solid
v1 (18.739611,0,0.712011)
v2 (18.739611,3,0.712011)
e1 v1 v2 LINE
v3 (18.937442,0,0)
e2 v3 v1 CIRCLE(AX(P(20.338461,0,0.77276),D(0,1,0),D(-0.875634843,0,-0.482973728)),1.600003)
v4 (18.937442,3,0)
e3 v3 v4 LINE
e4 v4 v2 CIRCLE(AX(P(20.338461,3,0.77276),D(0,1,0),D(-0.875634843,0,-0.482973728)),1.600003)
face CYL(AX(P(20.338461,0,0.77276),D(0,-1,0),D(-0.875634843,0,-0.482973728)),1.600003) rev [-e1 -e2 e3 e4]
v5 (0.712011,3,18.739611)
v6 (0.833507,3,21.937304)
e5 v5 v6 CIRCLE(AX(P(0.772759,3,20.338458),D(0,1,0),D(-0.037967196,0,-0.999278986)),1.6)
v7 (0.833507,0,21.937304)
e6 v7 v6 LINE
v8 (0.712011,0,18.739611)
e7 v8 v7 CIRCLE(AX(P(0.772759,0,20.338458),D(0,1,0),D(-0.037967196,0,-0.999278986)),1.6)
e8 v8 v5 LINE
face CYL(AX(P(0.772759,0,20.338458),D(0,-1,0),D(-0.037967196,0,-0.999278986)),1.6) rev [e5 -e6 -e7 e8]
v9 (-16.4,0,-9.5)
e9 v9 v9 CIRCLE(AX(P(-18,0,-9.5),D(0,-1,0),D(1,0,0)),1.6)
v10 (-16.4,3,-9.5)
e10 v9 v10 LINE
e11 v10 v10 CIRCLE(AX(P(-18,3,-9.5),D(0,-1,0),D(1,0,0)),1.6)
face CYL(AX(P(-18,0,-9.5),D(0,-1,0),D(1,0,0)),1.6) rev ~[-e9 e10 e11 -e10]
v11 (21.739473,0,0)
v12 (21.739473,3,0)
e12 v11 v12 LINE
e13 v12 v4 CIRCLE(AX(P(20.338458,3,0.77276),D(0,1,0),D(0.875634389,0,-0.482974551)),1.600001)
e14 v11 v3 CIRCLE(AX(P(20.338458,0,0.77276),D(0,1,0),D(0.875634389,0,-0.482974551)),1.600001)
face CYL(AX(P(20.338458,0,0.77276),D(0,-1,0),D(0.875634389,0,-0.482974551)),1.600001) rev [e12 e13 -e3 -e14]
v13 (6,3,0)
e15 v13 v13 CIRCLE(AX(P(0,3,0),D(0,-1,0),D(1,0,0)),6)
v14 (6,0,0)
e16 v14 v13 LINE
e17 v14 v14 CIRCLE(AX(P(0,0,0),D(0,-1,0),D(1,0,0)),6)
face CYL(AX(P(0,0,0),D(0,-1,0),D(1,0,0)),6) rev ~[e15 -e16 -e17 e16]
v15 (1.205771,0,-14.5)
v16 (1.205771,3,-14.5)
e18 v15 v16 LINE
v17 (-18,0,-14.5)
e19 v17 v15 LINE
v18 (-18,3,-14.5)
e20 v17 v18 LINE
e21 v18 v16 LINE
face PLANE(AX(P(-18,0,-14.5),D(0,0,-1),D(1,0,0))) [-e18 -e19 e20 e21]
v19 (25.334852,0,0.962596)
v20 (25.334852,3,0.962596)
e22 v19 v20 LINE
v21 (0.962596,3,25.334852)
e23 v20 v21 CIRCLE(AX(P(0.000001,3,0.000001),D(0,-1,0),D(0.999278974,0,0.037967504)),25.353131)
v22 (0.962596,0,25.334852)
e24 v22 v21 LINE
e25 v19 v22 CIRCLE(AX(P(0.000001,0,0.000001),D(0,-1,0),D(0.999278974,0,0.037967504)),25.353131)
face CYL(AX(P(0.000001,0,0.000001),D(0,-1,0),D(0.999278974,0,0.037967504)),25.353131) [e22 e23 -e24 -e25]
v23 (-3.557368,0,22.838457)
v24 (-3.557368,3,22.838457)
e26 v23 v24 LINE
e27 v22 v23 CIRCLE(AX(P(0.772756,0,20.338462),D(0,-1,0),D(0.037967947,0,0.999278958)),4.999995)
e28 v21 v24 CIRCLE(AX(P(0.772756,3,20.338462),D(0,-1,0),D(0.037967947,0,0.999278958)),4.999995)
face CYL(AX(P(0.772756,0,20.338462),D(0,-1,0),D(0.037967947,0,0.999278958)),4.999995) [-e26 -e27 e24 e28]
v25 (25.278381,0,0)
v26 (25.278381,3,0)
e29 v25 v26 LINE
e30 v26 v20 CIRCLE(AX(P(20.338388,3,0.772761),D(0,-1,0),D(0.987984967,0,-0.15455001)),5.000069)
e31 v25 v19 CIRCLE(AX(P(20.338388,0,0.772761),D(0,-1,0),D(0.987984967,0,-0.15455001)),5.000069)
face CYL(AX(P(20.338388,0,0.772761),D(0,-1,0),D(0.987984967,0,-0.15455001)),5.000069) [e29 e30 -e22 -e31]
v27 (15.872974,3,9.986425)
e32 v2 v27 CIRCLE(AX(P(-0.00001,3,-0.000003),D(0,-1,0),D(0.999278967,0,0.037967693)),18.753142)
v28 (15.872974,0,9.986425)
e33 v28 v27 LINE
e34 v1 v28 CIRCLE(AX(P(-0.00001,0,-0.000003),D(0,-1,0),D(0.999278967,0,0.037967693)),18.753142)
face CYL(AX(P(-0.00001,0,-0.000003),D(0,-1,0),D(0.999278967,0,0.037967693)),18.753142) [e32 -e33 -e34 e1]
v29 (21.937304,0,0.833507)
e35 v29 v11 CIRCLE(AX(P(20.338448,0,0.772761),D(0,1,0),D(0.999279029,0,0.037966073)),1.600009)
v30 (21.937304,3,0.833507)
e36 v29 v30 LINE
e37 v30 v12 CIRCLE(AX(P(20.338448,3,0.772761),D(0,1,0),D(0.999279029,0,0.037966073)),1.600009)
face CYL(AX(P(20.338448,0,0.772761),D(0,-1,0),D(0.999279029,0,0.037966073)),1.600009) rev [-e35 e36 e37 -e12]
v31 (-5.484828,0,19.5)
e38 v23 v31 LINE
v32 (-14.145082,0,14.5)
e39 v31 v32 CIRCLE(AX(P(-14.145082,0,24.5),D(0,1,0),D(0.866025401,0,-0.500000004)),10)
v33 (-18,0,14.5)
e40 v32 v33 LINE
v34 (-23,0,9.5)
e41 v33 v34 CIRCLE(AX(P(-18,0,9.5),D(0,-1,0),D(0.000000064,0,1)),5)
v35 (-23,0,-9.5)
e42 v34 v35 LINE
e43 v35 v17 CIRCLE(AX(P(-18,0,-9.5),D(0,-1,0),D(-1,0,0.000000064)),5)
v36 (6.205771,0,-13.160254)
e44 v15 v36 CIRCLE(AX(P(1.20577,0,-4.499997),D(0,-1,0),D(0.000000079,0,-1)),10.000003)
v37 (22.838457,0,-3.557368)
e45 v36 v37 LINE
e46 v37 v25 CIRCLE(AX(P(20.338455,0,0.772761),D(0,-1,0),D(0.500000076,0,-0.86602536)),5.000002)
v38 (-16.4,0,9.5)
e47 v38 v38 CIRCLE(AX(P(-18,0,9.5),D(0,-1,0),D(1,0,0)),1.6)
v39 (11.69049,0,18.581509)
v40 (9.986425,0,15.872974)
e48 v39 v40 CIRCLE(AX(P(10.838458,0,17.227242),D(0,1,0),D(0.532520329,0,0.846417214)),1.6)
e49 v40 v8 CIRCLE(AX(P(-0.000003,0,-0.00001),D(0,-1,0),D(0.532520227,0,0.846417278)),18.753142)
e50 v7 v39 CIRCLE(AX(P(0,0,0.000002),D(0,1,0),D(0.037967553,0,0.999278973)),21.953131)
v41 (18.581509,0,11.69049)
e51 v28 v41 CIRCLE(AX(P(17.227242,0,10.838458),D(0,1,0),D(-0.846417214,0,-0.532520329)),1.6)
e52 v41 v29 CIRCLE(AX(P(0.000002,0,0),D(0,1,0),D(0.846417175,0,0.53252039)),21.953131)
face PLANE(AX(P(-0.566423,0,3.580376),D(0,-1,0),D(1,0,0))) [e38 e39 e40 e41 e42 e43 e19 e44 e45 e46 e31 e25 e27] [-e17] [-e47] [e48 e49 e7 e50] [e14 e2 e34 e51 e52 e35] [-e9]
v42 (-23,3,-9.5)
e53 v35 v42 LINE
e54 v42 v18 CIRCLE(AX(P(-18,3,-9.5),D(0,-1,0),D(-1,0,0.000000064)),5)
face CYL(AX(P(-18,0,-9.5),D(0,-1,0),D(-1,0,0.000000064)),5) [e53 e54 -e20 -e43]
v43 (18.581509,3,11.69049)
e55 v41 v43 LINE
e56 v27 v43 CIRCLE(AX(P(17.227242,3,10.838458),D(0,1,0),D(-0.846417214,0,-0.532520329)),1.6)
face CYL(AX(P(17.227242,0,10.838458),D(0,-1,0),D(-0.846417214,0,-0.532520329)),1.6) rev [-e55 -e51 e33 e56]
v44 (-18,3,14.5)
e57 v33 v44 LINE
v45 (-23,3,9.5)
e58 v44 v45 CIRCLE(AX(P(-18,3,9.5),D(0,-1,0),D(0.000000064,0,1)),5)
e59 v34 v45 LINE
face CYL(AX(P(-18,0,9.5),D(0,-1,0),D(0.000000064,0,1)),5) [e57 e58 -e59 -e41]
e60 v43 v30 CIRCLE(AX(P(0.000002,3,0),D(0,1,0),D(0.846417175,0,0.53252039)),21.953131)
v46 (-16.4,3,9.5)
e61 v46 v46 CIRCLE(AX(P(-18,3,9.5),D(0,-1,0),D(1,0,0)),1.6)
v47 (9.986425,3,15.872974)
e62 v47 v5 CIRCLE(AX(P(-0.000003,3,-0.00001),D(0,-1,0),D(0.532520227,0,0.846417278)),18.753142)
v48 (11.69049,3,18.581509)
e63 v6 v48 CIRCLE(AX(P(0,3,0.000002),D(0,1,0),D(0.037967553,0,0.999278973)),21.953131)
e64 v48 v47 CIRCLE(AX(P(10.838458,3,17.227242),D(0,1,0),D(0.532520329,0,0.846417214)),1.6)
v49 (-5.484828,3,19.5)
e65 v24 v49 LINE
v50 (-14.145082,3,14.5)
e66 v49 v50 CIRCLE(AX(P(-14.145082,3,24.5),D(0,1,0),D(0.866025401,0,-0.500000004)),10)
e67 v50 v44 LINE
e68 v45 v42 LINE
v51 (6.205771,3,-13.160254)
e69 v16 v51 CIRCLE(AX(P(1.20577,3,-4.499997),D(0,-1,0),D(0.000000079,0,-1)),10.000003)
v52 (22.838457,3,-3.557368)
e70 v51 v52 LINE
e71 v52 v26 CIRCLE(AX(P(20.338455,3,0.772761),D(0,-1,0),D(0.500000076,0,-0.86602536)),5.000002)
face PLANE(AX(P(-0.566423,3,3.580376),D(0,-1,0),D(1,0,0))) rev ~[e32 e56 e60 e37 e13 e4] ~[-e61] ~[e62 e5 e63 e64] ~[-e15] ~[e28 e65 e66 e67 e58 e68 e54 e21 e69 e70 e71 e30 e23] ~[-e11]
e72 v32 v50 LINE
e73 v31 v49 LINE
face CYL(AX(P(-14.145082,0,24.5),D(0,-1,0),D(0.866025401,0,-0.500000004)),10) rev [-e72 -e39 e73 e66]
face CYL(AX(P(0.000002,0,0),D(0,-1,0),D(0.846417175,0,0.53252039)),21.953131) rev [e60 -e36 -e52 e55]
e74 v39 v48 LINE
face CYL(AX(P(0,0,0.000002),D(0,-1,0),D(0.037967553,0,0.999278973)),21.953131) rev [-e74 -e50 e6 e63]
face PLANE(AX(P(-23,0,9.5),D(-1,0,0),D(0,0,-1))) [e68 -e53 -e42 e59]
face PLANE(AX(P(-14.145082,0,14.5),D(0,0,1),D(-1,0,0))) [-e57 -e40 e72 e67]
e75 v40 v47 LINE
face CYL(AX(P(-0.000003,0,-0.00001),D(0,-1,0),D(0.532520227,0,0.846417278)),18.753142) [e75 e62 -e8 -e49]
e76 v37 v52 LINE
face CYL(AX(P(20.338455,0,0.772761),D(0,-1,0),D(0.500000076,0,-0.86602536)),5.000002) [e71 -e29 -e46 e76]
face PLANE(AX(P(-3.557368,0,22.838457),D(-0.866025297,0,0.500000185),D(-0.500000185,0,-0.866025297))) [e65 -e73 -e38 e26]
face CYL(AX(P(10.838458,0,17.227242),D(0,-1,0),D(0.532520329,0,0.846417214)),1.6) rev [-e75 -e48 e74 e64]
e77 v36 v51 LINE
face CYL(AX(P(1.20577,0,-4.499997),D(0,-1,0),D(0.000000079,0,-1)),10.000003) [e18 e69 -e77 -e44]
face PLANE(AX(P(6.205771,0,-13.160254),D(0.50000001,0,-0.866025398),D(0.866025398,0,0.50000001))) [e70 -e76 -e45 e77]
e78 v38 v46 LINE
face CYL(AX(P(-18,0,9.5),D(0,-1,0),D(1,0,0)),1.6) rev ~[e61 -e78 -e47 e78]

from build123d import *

# Parameters (mm, degrees)
F0_R     = 1.6
F0_R_2   = 6
F1_DEPTH = 3


with BuildPart() as f1:
    # F0 (on Front) → F1 (new body)
    with BuildSketch(Plane.XZ):
        with BuildLine():
            Line((-14.145082, 14.5), (-18, 14.5))
            ThreePointArc((-18, 14.5), (-21.535534, 13.035534), (-23, 9.5))
            Line((-23, 9.5), (-23, -9.5))
            ThreePointArc((-23, -9.5), (-21.535534, -13.035534), (-18, -14.5))
            Line((-18, -14.5), (1.205771, -14.5))
            ThreePointArc((1.205771, -14.5), (3.793962, -14.159258), (6.205771, -13.160254))
            Line((6.205771, -13.160254), (22.838457, -3.557368))
            ThreePointArc((22.838457, -3.557368), (24.461785, -2.055344), (25.278381, 0))
            ThreePointArc((25.278381, 0), (25.329875, 0.479934), (25.334852, 0.962596))
            ThreePointArc((25.334852, 0.962596), (17.927372, 17.927372), (0.962596, 25.334852))
            ThreePointArc((0.962596, 25.334852), (-1.644574, 24.715272), (-3.557368, 22.838457))
            Line((-3.557368, 22.838457), (-5.484828, 19.5))
            ThreePointArc((-5.484828, 19.5), (-9.145082, 15.839746), (-14.145082, 14.5))
        make_face()
        with Locations((-18, -9.5)):
            Circle(F0_R, mode=Mode.SUBTRACT)
        Circle(F0_R_2, mode=Mode.SUBTRACT)
        with Locations((-18, 9.5)):
            Circle(F0_R, mode=Mode.SUBTRACT)
        with BuildLine():
            ThreePointArc((21.937304, 0.833507), (21.895209, 0.403267), (21.739473, 0))
            ThreePointArc((21.739473, 0), (20.338457, -0.827241), (18.937442, 0))
            ThreePointArc((18.937442, 0), (18.796857, 0.344427), (18.739611, 0.712011))
            ThreePointArc((18.739611, 0.712011), (17.916792, 5.537918), (15.872974, 9.986425))
            ThreePointArc((15.872974, 9.986425), (16.375209, 12.192725), (18.581509, 11.69049))
            ThreePointArc((18.581509, 11.69049), (20.974081, 6.482898), (21.937304, 0.833507))
        make_face(mode=Mode.SUBTRACT)
        with BuildLine():
            ThreePointArc((0.833507, 21.937304), (6.482898, 20.974081), (11.69049, 18.581509))
            ThreePointArc((11.69049, 18.581509), (12.192725, 16.375209), (9.986425, 15.872974))
            ThreePointArc((9.986425, 15.872974), (5.537918, 17.916792), (0.712011, 18.739611))
            ThreePointArc((0.712011, 18.739611), (-0.826088, 20.399205), (0.833507, 21.937304))
        make_face(mode=Mode.SUBTRACT)
    extrude(amount=-F1_DEPTH)


solid = f1.part
